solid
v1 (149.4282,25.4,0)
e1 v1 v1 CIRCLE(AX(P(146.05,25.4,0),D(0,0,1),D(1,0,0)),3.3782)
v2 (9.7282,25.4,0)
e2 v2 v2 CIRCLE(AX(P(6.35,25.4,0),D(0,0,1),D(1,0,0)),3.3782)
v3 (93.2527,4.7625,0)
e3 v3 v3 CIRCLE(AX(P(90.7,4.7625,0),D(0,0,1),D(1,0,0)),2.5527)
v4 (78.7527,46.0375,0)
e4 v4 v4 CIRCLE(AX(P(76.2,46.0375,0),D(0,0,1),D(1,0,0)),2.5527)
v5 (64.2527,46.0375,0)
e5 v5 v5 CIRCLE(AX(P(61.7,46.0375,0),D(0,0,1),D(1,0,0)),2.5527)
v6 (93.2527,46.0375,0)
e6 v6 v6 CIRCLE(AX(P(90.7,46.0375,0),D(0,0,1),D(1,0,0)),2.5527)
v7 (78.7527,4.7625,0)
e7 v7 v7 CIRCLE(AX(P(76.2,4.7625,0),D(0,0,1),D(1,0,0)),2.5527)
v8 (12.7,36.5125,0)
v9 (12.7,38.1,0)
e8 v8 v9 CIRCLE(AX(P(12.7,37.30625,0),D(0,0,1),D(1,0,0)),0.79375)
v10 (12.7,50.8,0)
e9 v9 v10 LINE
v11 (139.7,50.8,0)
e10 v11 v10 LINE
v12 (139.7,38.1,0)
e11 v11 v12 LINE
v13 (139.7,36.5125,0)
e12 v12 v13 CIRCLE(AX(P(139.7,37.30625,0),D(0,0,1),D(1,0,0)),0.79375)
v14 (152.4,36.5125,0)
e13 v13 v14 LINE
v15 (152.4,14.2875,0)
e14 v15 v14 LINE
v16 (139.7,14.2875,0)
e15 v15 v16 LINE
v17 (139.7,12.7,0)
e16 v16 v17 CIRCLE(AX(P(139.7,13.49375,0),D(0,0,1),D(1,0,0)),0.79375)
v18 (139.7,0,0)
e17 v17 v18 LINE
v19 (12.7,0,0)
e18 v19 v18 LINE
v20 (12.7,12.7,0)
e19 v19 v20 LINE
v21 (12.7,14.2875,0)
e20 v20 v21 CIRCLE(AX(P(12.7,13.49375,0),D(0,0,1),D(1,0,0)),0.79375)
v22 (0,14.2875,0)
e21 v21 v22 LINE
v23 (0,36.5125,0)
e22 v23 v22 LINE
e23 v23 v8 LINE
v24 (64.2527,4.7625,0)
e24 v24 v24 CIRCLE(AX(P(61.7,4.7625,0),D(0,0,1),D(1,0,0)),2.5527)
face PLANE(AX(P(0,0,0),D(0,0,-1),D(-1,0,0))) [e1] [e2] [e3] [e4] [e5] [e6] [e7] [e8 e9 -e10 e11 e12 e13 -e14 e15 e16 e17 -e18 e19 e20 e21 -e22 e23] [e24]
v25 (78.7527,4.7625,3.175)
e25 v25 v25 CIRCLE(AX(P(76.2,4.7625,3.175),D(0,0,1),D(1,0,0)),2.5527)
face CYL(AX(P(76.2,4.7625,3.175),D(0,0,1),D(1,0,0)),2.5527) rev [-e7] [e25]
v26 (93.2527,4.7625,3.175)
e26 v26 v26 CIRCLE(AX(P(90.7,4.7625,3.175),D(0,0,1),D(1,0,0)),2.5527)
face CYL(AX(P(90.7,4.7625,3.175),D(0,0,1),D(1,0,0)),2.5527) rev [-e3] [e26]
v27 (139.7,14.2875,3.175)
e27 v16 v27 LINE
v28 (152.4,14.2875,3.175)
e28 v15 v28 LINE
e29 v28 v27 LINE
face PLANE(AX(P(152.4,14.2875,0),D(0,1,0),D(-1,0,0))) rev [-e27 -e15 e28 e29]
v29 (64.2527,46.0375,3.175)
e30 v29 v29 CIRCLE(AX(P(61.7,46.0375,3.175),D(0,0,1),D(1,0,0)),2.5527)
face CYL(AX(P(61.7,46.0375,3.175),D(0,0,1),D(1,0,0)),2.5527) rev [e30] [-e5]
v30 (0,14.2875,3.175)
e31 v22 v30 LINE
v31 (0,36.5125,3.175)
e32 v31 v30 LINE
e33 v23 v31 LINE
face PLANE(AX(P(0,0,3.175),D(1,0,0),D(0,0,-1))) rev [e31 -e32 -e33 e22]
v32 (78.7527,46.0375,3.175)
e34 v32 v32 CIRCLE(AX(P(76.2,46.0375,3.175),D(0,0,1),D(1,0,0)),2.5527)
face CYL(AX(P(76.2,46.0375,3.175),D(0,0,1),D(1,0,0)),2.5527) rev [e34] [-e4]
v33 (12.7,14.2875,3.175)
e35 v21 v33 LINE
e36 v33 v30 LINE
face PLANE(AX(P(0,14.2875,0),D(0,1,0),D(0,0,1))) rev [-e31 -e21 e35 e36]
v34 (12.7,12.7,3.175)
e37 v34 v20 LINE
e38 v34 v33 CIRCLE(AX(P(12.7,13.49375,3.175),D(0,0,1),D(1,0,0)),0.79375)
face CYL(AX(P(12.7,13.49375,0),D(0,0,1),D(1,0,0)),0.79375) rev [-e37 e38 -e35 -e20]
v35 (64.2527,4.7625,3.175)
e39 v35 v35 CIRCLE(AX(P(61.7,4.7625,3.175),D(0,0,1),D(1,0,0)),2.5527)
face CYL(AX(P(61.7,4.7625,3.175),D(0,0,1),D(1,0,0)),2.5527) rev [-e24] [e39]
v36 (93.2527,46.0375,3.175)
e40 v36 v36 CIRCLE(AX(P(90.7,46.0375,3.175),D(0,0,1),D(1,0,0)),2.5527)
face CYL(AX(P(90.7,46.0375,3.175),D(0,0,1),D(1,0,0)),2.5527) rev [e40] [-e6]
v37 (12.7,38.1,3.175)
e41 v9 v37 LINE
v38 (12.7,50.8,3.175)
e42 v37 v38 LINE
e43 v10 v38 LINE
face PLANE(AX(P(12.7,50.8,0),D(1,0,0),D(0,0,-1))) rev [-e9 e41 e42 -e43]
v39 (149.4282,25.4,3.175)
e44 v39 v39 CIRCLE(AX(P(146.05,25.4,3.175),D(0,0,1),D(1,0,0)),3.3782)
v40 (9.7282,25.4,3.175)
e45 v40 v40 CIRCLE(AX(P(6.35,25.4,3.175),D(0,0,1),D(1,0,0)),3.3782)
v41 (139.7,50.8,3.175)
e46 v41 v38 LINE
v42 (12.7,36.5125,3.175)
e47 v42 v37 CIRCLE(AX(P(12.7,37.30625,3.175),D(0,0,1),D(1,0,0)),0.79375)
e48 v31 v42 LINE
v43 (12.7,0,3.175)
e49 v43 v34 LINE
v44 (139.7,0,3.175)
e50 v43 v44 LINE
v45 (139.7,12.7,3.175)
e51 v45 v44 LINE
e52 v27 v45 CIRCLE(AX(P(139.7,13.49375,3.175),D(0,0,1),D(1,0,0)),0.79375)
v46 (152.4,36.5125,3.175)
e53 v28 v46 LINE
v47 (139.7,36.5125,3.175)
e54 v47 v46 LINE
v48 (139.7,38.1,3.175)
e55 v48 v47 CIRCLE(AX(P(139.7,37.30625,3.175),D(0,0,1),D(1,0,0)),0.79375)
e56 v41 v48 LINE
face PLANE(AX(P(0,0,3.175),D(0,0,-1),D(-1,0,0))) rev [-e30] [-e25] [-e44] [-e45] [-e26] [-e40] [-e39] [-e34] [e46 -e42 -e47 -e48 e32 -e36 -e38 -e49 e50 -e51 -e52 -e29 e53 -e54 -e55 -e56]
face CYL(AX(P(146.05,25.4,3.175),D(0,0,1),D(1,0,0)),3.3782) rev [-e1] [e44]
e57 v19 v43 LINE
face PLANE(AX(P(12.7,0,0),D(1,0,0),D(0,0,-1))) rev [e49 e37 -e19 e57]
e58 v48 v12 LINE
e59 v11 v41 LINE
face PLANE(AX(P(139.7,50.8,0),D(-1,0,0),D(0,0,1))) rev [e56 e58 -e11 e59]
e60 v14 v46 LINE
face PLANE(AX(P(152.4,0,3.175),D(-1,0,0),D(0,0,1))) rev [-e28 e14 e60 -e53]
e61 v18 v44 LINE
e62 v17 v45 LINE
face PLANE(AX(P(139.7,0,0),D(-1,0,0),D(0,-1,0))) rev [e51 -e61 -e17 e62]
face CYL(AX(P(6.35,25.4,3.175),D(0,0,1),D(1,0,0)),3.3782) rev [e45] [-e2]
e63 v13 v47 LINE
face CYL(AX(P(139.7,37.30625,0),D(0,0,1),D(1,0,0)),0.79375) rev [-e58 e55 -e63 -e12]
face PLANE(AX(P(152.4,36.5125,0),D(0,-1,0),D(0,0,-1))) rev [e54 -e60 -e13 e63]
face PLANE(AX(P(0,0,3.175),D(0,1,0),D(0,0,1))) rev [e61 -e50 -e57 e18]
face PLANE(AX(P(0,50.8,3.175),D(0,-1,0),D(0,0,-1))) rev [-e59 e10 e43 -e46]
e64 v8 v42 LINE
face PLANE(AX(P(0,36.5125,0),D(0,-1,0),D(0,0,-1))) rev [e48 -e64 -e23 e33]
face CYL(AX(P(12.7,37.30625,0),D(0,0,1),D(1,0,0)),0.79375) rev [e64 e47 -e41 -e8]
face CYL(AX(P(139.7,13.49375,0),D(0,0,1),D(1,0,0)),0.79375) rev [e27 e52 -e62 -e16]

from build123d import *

# Parameters (mm, degrees)
SKETCH1_W               = 152.4
SKETCH1_H               = 50.8
BOSS_EXTRUDE1_DEPTH     = 3.175
SKETCH2_W               = 12.7
SKETCH2_H               = 14.2875
CUT_EXTRUDE1_DEPTH      = 4.175
SKETCH3_R               = 0.79375
CUT_EXTRUDE2_DEPTH      = 4.175
F_1_4_CLEARANCE_HOLE1_D = 6.7564
F_10_CLEARANCE_HOLE1_D  = 5.1054


with BuildPart() as part:
    # Sketch1 → Boss-Extrude1 (new body)
    with BuildSketch(Plane.XY):
        with Locations((76.2, 25.4)):
            Rectangle(SKETCH1_W, SKETCH1_H)
    extrude(amount=BOSS_EXTRUDE1_DEPTH)

    # Sketch2 → Cut-Extrude1 (cut, through all)
    with BuildSketch(Plane.XY.offset(3.175)):
        with Locations((6.35, 43.65625)):
            Rectangle(SKETCH2_W, SKETCH2_H)
        with Locations((6.35, 7.14375)):
            Rectangle(SKETCH2_W, SKETCH2_H)
        with Locations((146.05, 7.14375)):
            Rectangle(SKETCH2_W, SKETCH2_H)
        with Locations((146.05, 43.65625)):
            Rectangle(SKETCH2_W, SKETCH2_H)
    extrude(amount=-CUT_EXTRUDE1_DEPTH, mode=Mode.SUBTRACT)

    # Sketch3 → Cut-Extrude2 (cut, through all)
    with BuildSketch(Plane.XY.offset(3.175)):
        with Locations((12.7, 37.30625)):
            Circle(SKETCH3_R)
        with Locations((12.7, 13.49375)):
            Circle(SKETCH3_R)
        with Locations((139.7, 13.49375)):
            Circle(SKETCH3_R)
        with Locations((139.7, 37.30625)):
            Circle(SKETCH3_R)
    extrude(amount=-CUT_EXTRUDE2_DEPTH, mode=Mode.SUBTRACT)

    # 1/4 Clearance Hole1 (through all)
    with Locations(Plane.XY.offset(3.175)):
        with Locations((6.35, 25.4), (146.05, 25.4)):
            Hole(F_1_4_CLEARANCE_HOLE1_D / 2)

    # #10 Clearance Hole1 (through all)
    with Locations(Plane.XY.offset(3.175)):
        with Locations((76.2, 4.7625), (90.7, 4.7625), (61.7, 4.7625), (61.7, 46.0375), (76.2, 46.0375), (90.7, 46.0375)):
            Hole(F_10_CLEARANCE_HOLE1_D / 2)


solid = part.part
